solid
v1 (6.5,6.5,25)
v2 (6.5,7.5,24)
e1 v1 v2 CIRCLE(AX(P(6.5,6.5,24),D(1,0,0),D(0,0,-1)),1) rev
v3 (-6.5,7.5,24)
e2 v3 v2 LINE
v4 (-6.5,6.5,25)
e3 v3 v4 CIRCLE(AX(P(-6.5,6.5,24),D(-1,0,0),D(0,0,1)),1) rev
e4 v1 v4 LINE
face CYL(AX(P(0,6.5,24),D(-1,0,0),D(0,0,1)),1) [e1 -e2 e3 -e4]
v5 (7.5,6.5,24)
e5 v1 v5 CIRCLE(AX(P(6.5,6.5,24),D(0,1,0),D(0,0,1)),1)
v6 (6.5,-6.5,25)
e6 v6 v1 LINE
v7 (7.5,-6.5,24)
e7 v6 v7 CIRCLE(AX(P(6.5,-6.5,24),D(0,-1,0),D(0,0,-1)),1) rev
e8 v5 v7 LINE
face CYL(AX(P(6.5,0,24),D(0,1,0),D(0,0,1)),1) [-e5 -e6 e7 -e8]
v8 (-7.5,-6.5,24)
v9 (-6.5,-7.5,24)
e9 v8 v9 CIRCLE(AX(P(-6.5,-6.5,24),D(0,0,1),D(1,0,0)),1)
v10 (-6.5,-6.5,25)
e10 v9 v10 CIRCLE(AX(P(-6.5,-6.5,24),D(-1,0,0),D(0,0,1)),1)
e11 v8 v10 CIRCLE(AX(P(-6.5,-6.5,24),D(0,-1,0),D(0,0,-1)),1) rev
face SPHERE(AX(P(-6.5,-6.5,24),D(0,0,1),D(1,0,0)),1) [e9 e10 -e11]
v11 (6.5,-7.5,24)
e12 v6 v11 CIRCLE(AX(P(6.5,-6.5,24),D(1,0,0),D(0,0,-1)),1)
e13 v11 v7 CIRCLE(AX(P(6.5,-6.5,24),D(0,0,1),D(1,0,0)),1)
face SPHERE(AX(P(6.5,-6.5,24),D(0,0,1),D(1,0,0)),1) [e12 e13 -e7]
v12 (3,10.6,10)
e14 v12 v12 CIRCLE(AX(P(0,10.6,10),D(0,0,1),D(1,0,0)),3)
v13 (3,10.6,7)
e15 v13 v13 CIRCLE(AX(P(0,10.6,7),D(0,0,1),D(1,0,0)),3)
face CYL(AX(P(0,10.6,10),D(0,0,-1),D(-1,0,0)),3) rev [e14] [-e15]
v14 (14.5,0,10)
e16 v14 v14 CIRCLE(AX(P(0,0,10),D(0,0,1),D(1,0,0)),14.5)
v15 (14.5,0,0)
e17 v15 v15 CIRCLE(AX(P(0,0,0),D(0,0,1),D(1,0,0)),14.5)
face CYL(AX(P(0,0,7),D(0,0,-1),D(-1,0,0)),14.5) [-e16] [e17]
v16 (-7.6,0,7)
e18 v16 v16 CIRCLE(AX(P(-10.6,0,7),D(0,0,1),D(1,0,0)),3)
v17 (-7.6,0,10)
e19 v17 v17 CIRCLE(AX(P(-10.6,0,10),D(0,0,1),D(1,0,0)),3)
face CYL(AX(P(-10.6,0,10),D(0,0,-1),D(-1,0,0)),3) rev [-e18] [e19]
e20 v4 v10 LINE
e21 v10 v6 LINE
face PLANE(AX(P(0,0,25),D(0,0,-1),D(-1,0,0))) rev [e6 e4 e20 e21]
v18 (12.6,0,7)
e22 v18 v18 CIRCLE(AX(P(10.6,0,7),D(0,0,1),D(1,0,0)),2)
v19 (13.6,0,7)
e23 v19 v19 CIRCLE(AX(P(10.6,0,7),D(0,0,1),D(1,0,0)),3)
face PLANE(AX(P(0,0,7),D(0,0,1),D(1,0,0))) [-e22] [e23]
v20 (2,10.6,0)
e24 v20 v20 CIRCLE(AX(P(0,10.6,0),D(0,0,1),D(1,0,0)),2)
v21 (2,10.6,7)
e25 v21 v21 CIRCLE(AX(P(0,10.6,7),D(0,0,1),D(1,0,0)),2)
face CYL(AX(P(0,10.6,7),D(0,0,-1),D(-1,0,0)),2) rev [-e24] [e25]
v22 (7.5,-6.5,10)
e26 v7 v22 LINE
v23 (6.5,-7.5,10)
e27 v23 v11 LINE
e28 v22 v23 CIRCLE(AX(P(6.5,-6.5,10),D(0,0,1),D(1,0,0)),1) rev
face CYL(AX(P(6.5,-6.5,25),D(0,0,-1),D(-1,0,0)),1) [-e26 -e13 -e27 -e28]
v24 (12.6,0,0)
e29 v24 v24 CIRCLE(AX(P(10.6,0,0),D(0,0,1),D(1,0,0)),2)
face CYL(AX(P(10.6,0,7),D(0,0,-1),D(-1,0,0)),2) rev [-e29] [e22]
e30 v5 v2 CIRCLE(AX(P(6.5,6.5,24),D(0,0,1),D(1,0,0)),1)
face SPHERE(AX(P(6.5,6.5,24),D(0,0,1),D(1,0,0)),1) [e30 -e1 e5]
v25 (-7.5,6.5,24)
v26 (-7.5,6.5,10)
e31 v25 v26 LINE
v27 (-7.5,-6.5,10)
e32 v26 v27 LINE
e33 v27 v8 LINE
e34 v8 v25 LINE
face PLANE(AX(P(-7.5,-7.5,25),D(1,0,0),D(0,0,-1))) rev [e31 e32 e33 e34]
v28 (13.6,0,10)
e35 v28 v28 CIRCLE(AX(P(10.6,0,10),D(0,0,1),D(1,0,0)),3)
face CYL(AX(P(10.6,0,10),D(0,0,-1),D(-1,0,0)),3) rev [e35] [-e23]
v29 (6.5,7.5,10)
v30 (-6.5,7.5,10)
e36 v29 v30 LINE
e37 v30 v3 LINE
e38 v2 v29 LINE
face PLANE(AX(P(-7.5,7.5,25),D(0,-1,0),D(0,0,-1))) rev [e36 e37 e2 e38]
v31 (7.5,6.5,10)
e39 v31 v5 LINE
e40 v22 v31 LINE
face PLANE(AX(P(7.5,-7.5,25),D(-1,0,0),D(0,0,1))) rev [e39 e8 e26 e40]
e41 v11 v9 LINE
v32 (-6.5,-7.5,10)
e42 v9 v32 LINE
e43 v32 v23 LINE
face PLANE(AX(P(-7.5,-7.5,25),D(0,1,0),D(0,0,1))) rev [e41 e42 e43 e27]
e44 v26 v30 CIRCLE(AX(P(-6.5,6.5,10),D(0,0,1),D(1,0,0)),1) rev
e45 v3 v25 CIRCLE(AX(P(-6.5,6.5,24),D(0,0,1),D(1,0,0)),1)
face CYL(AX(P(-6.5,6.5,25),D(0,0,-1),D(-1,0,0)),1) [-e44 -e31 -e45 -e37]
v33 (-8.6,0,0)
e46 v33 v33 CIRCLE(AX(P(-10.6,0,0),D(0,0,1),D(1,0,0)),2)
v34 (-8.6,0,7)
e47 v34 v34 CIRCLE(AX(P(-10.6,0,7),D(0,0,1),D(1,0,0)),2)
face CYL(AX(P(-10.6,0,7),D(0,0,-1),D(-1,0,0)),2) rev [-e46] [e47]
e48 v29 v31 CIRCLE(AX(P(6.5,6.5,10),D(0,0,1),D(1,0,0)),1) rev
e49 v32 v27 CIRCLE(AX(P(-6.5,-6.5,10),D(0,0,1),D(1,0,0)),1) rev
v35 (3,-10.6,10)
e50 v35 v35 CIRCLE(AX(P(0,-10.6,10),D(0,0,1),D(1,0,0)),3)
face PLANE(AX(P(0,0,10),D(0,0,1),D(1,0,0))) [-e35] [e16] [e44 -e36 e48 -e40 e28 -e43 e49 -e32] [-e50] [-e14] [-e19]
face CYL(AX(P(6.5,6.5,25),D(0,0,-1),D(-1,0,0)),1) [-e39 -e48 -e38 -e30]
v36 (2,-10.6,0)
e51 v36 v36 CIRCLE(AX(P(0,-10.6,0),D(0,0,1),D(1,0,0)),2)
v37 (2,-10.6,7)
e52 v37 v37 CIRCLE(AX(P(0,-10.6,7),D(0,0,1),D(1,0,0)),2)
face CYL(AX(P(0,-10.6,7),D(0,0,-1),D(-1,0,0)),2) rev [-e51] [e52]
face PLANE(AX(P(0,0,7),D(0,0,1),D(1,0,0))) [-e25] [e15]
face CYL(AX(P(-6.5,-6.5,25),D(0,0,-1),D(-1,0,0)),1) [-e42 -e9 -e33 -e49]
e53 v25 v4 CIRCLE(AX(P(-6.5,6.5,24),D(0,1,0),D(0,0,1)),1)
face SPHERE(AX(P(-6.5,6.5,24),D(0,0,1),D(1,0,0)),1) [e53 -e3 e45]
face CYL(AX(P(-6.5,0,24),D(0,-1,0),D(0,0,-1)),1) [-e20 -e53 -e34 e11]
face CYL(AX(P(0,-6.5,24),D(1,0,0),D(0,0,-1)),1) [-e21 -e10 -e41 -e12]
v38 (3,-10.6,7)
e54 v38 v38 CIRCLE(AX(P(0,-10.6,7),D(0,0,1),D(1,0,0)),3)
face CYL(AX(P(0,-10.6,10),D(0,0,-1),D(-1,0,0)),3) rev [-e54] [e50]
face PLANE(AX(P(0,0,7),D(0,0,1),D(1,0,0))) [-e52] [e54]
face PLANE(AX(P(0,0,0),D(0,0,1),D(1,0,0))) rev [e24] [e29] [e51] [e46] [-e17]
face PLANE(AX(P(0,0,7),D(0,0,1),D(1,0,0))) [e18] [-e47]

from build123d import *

# Parameters (mm, degrees)
SKETCH1_R           = 14.5
SKETCH1_R_2         = 2
BOSS_EXTRUDE3_DEPTH = 7
SKETCH3_R           = 14.5
SKETCH3_R_2         = 3
BOSS_EXTRUDE4_DEPTH = 3
SKETCH4_W           = 15
SKETCH4_H           = 15
BOSS_EXTRUDE5_DEPTH = 15
FILLET1_R           = 1


with BuildPart() as part:
    # Sketch1 → Boss-Extrude3 (new body)
    with BuildSketch(Plane.XY):
        Circle(SKETCH1_R)
        with Locations((10.6, 0)):
            Circle(SKETCH1_R_2, mode=Mode.SUBTRACT)
        with Locations((0, 10.6)):
            Circle(SKETCH1_R_2, mode=Mode.SUBTRACT)
        with Locations((-10.6, 0)):
            Circle(SKETCH1_R_2, mode=Mode.SUBTRACT)
        with Locations((0, -10.6)):
            Circle(SKETCH1_R_2, mode=Mode.SUBTRACT)
    extrude(amount=BOSS_EXTRUDE3_DEPTH)

    # Sketch3 → Boss-Extrude4 (add)
    with BuildSketch(Plane.XY.offset(7)):
        Circle(SKETCH3_R)
        with Locations((10.6, 0)):
            Circle(SKETCH3_R_2, mode=Mode.SUBTRACT)
        with Locations((0, -10.6)):
            Circle(SKETCH3_R_2, mode=Mode.SUBTRACT)
        with Locations((-10.6, 0)):
            Circle(SKETCH3_R_2, mode=Mode.SUBTRACT)
        with Locations((0, 10.6)):
            Circle(SKETCH3_R_2, mode=Mode.SUBTRACT)
    extrude(amount=BOSS_EXTRUDE4_DEPTH)

    # Sketch4 → Boss-Extrude5 (add)
    with BuildSketch(Plane.XY.offset(10)):
        Rectangle(SKETCH4_W, SKETCH4_H)
    extrude(amount=BOSS_EXTRUDE5_DEPTH)

    # Fillet1
    fillet1_edges = [part.edges().sort_by_distance(p)[0] for p in [
        (7.5, -7.5, 17.5),
        (7.5, 7.5, 17.5),
        (-7.5, 7.5, 17.5),
        (-7.5, -7.5, 17.5),
        (7.5, 0, 25),
        (0, 7.5, 25),
        (-7.5, 0, 25),
        (0, -7.5, 25),
    ]]
    fillet(fillet1_edges, radius=FILLET1_R)


solid = part.part
